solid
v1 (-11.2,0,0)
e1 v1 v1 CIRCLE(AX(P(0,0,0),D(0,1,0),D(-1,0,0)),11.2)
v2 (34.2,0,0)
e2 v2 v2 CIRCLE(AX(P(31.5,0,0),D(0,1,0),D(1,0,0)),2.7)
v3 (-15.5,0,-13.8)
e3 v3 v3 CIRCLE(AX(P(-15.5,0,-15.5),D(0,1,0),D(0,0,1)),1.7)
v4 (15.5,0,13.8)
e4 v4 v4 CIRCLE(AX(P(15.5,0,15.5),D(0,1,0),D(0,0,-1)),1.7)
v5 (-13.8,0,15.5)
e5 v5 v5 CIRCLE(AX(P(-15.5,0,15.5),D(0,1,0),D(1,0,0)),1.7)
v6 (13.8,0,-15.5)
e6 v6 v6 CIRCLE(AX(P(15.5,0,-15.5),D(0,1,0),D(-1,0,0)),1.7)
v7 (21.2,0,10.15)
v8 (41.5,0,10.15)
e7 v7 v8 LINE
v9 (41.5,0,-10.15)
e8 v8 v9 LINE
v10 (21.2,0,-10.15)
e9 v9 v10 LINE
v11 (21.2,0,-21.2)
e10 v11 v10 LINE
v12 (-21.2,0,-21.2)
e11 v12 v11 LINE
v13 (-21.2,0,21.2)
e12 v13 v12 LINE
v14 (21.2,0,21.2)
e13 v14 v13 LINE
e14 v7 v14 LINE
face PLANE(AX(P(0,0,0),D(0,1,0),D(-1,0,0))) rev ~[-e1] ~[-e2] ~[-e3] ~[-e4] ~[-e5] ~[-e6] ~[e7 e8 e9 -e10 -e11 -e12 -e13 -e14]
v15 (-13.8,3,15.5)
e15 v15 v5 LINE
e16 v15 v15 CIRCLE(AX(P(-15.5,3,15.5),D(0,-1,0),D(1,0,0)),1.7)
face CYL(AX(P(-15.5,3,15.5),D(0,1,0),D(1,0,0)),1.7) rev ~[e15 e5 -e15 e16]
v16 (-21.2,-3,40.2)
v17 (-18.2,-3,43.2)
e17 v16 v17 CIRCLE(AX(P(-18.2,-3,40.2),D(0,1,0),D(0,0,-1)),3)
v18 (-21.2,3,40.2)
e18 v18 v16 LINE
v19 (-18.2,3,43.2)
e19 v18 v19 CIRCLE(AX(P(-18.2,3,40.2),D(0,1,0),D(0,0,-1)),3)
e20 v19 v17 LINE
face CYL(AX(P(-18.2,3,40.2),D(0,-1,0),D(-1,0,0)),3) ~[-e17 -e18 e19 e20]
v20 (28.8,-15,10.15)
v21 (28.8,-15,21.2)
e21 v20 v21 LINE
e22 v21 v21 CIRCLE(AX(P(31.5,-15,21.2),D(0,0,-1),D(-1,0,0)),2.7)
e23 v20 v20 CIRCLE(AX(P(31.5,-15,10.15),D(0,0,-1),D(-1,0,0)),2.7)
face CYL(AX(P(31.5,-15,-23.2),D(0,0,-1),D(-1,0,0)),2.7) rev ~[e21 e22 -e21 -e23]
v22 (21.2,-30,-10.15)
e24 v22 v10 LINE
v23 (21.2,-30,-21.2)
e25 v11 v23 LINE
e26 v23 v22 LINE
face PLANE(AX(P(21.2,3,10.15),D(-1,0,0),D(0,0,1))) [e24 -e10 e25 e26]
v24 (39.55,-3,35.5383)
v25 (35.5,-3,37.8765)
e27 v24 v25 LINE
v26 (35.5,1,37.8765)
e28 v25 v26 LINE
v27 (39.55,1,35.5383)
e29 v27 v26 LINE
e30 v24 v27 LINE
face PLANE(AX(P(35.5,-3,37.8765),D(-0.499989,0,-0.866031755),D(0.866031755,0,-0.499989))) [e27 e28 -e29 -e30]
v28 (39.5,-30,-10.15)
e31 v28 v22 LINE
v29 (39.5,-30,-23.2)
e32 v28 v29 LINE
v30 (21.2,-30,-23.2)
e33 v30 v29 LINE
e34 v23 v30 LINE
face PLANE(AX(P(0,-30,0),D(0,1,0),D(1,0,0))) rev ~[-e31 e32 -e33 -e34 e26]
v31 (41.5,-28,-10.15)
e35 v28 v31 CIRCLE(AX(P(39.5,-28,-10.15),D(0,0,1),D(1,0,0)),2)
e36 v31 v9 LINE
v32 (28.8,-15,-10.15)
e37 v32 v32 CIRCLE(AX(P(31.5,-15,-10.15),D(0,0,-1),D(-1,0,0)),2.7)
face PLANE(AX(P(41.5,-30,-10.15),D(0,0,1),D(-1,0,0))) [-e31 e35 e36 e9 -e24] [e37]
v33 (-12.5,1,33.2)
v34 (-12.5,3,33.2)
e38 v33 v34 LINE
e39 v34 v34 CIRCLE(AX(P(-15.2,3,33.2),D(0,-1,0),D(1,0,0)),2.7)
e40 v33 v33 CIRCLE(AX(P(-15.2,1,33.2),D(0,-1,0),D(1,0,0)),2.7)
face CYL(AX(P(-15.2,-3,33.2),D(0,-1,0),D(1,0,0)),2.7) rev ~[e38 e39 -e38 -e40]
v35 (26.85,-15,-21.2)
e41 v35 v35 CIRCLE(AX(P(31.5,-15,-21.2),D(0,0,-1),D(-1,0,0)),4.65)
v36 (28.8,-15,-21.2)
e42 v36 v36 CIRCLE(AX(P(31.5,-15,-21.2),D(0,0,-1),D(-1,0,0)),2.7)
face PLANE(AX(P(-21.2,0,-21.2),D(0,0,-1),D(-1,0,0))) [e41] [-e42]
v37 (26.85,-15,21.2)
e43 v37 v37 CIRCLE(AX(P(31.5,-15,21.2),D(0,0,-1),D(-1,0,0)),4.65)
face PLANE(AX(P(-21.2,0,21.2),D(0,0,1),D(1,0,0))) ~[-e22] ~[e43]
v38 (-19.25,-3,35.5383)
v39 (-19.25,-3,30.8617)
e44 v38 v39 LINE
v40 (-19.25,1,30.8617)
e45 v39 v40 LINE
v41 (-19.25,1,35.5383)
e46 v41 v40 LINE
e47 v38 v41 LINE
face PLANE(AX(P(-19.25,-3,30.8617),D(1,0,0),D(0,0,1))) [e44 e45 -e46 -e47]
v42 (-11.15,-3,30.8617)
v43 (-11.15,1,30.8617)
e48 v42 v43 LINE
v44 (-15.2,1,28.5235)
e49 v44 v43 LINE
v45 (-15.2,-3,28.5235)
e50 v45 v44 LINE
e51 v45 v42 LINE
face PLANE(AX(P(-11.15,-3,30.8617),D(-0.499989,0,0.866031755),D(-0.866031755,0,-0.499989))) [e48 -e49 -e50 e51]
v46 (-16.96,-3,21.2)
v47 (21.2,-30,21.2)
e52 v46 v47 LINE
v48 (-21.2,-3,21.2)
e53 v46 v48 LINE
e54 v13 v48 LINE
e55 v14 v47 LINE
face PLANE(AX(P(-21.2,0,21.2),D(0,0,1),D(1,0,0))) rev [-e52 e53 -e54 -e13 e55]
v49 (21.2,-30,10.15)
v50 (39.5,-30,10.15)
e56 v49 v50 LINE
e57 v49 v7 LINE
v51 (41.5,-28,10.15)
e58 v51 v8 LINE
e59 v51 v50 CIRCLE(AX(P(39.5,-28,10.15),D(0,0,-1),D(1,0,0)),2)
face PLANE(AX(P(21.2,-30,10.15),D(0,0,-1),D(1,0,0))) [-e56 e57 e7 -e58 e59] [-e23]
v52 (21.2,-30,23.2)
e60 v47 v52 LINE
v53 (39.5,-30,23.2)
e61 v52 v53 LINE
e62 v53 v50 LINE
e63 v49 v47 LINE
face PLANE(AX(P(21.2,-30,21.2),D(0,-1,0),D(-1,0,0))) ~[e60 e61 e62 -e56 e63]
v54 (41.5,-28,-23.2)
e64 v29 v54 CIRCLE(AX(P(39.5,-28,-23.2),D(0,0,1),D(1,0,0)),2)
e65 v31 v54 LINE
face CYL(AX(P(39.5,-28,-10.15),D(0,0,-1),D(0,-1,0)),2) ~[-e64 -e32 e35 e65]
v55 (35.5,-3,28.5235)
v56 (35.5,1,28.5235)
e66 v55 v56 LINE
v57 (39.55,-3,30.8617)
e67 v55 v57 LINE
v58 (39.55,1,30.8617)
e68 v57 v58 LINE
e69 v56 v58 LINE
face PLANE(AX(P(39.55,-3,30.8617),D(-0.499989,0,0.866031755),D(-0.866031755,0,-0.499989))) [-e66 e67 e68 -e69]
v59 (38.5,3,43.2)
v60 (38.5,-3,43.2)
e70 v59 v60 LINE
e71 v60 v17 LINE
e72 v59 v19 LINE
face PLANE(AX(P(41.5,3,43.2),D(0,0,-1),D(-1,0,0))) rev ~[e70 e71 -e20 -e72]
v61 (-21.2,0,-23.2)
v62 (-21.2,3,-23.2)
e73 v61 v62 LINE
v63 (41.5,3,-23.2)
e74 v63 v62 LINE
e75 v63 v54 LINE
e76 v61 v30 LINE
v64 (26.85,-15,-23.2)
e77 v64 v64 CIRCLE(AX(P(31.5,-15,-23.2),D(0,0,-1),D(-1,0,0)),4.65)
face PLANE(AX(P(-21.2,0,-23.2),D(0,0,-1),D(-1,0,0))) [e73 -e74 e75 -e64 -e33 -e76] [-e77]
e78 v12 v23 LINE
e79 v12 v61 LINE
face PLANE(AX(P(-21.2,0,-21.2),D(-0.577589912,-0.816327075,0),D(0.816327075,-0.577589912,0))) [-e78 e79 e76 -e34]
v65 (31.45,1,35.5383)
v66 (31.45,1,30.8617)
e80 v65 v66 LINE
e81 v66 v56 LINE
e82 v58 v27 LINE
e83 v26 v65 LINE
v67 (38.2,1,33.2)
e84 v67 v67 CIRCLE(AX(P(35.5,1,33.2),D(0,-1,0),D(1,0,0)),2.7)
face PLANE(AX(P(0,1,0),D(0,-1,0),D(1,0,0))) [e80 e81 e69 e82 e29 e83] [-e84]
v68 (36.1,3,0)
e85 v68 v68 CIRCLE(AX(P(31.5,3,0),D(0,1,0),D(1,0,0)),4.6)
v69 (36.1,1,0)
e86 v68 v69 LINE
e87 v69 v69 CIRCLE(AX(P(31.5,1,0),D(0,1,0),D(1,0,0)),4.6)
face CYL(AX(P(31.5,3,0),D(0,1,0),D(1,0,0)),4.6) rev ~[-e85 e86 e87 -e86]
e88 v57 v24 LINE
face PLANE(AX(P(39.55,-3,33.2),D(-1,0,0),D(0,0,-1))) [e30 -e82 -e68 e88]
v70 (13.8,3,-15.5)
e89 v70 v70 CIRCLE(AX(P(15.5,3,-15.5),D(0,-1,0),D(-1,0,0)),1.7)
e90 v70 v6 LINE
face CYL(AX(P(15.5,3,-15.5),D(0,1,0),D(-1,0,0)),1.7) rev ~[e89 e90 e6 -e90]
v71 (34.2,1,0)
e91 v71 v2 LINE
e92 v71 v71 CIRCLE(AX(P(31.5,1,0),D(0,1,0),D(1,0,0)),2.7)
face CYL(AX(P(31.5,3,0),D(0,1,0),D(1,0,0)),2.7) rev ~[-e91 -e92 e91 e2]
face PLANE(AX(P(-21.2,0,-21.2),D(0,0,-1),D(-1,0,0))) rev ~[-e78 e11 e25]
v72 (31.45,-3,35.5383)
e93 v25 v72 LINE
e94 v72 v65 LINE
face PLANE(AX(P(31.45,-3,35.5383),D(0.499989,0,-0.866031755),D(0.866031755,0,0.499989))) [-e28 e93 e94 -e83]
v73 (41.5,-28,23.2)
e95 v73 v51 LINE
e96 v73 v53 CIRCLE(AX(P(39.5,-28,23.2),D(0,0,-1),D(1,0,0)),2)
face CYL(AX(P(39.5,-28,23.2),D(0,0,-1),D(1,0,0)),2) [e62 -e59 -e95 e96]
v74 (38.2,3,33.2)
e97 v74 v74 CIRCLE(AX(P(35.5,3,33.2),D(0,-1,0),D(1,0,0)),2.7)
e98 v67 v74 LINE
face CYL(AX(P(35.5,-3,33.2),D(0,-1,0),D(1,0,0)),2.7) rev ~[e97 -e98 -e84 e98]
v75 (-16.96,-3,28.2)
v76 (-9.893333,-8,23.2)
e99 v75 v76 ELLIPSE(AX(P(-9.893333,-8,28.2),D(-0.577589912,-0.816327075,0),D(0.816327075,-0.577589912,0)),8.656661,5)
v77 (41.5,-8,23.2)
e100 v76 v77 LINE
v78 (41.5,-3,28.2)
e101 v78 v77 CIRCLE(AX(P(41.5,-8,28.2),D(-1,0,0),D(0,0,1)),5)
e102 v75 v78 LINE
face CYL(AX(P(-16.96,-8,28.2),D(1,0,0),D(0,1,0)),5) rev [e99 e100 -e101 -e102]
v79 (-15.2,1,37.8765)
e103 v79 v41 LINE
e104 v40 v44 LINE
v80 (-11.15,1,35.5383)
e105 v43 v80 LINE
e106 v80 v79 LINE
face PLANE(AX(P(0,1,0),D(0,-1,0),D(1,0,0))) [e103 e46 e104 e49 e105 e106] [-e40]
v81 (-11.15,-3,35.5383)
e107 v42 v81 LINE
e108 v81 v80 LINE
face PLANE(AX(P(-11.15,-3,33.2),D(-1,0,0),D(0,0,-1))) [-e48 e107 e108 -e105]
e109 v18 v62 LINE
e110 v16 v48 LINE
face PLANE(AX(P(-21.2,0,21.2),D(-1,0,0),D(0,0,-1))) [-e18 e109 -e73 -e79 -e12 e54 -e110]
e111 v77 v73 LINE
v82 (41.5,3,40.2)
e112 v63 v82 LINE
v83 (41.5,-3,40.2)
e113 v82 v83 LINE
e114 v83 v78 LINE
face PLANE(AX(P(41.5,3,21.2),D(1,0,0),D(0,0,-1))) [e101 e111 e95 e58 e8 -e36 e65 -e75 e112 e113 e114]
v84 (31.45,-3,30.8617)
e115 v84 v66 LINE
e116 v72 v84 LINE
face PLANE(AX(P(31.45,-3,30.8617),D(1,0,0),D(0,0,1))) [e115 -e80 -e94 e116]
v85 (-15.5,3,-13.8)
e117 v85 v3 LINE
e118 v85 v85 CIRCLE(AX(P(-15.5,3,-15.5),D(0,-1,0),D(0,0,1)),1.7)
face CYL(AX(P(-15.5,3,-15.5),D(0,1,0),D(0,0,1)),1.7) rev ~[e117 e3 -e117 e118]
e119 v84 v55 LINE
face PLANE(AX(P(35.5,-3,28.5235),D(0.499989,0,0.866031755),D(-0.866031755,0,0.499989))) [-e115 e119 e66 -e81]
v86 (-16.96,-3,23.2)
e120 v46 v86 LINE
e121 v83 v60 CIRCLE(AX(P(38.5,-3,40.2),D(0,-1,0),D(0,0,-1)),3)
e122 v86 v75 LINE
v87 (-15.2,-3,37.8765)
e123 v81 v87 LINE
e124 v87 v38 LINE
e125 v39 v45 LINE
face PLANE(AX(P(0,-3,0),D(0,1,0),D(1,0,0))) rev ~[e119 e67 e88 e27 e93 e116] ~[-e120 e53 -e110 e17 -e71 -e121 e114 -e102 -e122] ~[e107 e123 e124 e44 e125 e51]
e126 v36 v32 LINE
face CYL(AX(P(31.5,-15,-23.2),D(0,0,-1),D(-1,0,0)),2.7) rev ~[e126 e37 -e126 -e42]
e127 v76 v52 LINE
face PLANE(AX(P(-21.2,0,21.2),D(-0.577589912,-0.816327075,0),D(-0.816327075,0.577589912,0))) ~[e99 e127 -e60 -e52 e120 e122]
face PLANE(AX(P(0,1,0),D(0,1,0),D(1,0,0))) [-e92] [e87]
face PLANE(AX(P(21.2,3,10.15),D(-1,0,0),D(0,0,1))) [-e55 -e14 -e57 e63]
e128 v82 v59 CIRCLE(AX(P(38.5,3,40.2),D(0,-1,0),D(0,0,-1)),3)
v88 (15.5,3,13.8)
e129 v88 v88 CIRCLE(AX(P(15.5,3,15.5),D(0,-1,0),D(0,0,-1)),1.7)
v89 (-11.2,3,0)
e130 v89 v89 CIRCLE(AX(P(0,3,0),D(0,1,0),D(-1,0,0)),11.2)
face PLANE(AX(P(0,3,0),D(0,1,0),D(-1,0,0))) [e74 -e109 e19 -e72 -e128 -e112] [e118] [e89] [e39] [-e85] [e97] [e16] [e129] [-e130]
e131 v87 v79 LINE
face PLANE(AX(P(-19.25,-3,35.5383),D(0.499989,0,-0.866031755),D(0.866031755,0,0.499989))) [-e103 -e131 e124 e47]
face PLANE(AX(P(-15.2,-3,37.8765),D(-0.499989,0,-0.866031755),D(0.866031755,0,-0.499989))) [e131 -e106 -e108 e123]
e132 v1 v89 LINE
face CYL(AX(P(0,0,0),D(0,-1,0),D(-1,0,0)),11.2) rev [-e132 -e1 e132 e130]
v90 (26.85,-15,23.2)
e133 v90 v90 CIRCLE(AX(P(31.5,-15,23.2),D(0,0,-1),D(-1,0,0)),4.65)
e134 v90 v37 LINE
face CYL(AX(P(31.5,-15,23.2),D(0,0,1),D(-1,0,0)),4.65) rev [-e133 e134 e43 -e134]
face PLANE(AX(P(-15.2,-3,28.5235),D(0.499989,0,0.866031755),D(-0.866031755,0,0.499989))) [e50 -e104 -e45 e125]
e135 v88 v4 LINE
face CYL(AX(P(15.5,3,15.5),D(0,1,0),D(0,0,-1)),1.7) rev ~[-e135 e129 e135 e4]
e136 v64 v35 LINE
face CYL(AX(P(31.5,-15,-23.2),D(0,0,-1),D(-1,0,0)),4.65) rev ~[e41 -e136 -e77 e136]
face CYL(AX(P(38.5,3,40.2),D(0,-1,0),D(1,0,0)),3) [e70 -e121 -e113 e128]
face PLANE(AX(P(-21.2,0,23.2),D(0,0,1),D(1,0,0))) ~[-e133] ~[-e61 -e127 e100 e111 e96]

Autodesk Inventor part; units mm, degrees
ref_plane "YZ Plane" through (0, 0, 0) normal (1, 0, 0) x (0, 1, 0)
ref_plane "XZ Plane" through (0, 0, 0) normal (0, 1, 0) x (-1, 0, 0)
ref_plane "XY Plane" through (0, 0, 0) normal (0, 0, 1) x (1, 0, 0)
sketch "Boceto1" plane through (0, 0, 0) normal (0, 1, 0) x (-1, 0, 0)
  line L0 (-21.2, 21.2) -> (21.2, 21.2)
  line L1 (21.2, 21.2) -> (21.2, -21.2)
  line L2 (21.2, -21.2) -> (-21.2, -21.2)
  line L3 (-21.2, -21.2) -> (-21.2, 21.2)
  line L4 (-21.2, 21.2) -> (21.2, -21.2) construction
  line L5 (21.2, 21.2) -> (-21.2, -21.2) construction
  circle A0 centre (0, 0) radius 11.2
  point P0 (0, 0)
  dimension "d0" = 42.4
  dimension "d1" = 42.4
  dimension "d2" = 22.4
extrude "Extrusión1" add sketch "Boceto1" along normal blind 3
sketch "Boceto2" plane through (0, 3, 0) normal (0, 1, 0) x (1, 0, 0)
  circle A0 centre (-15.5, -15.5) radius 1.7
  line L0 (15.5, -15.5) -> (-15.5, -15.5)
  line L1 (-15.5, -15.5) -> (-15.5, 15.5)
  line L2 (-15.5, 15.5) -> (15.5, 15.5)
  line L3 (15.5, 15.5) -> (15.5, -15.5)
  line L4 (15.5, -15.5) -> (-15.5, 15.5) construction
  line L5 (-15.5, -15.5) -> (15.5, 15.5) construction
  point P0 (0, 0)
  dimension "d5" = 31
  dimension "d6" = 31
  dimension "d7" = 3.4
extrude "Extrusión2" cut sketch "Boceto2" against normal through all contours L0 L1 A0 | A0 L1 L0
pattern_circular "Patrón circular1" count 4 over 360 about axis through (0, 0, 0) along (0, 1, 0) of "Extrusión2"
sketch "Boceto13" plane through (0, 3, 0) normal (0, 1, 0) x (1, 0, 0)
  line L0 (-21.2, -21.2) -> (21.2, -21.2) projected
  line L1 (21.2, -21.2) -> (41.5, -21.2)
  line L2 (41.5, -21.2) -> (41.5, 21.2)
  line L3 (41.5, 21.2) -> (21.2, 21.2)
  line L4 (21.2, 21.2) -> (21.2, -21.2)
  line L5 (21.2, 21.2) -> (-21.2, 21.2) projected
  line L6 (41.5, -10.15) -> (21.2, -10.15)
  line L7 (21.2, -10.15) -> (21.2, 10.15)
  line L8 (21.2, 10.15) -> (41.5, 10.15)
  line L9 (41.5, 10.15) -> (41.5, -10.15)
  line L10 (41.5, -10.15) -> (21.2, 10.15) construction
  line L11 (21.2, -10.15) -> (41.5, 10.15) construction
  circle A0 centre (31.5, 0) radius 2.7
  point P0 (0, 0)
  point P1 (31.35, 0)
  dimension "d43" = 20.3
  dimension "d44" = 20.3
  dimension "d45" = 20.3
  dimension "d61" = 5.4
  dimension "d62" = 10
extrude "Extrusión8" add sketch "Boceto13" against normal blind 33
sketch "Boceto14" plane through (0, -30, 0) normal (0, -1, 0) x (1, 0, 0)
  line L0 (21.2, 21.2) -> (21.2, -21.2) projected
  line L1 (41.5, -10.15) -> (21.2, -10.15)
  line L2 (21.2, -10.15) -> (21.2, 10.15)
  line L3 (21.2, 10.15) -> (41.5, 10.15)
  line L4 (41.5, 10.15) -> (41.5, -10.15)
  line L5 (41.5, -10.15) -> (21.2, 10.15) construction
  line L6 (21.2, -10.15) -> (41.5, 10.15) construction
  point P0 (0, 0)
  point P1 (31.35, 0)
  dimension "d49" = 20.3
extrude "Extrusión9" cut sketch "Boceto14" against normal up to surface (30 mm away)
sketch "Boceto15" plane through (-21.2, 0, -21.2) normal (0, 0, -1) x (-1, 0, 0)
  line L0 (-42.4, 0) -> (0, 0) projected
  line L1 (0, 0) -> (0, 3) projected
  line L2 (-62.7, 3) -> (0, 3) projected
  line L3 (-62.7, 3) -> (-62.7, -30) projected
  line L4 (-42.4, -30) -> (-62.7, -30) projected
  line L5 (-42.4, 0) -> (-42.4, -30) projected
  line L6 (0, 0) -> (0, 3) projected
  line L7 (-42.4, -30) -> (-62.7, -30) projected
  line L8 (0, 0) -> (-42.4, -30)
  point P0 (-21.2, 0)
extrude "Extrusión10" add sketch "Boceto15" along normal blind 2
mirror "Simetría1" about plane through (0, 0, 0) normal (0, 0, 1) of "Extrusión10"
sketch "Boceto16" plane through (-21.2, 0, -23.2) normal (0, 0, -1) x (-1, 0, 0)
  circle A0 centre (-52.7, -15) radius 2.7
  line L0 (-62.7, 3) -> (-62.7, -30) projected
  line L1 (-62.7, -30) -> (-42.4, -30) projected
  point P0 (-21.2, 0)
  dimension "d54" = 10
  dimension "d55" = 5.4
  dimension "d57" = 15
extrude "Extrusión11" cut sketch "Boceto16" against normal through all
fillet "Empalme1" radius 2 2 edges at (41.5, -30, -16.675) (41.5, -30, 16.675)
sketch "Boceto17" plane through (-21.2, 0, -23.2) normal (0, 0, -1) x (-1, 0, 0)
  circle A0 centre (-52.7, -15) radius 2.7 projected
  circle A1 centre (-52.7, -15) radius 4.65
  point P0 (-21.2, 0)
  dimension "d63" = 9.3
extrude "Extrusión12" cut sketch "Boceto17" against normal blind 2 contours A0 | A1
sketch "Boceto18" plane through (0, 3, 0) normal (0, 1, 0) x (1, 0, 0)
  circle A0 centre (31.5, 0) radius 2.7 projected
  circle A1 centre (31.5, 0) radius 4.6
  point P0 (0, 0)
  dimension "d66" = 9.2
extrude "Extrusión13" cut sketch "Boceto18" against normal blind 2 contours A0 | A1
mirror "Simetría2" about plane through (0, 0, 0) normal (0, 0, 1) of "Extrusión12"
sketch "Boceto19" plane through (0, 3, 0) normal (0, 1, 0) x (1, 0, 0)
  line L0 (21.2, -21.2) -> (-21.2, -21.2) projected
  line L1 (-21.2, 21.2) -> (-21.2, -21.2) projected
  line L2 (-21.2, -21.2) -> (41.5, -21.2)
  line L3 (41.5, -21.2) -> (41.5, -43.2)
  line L4 (41.5, -43.2) -> (-21.2, -43.2)
  line L5 (-21.2, -43.2) -> (-21.2, -21.2)
  line L6 (-21.2, -23.2) -> (41.5, -23.2) projected
  line L7 (41.5, -23.2) -> (41.5, 23.2) projected
  point P0 (0, 0)
  dimension "d69" = 20
extrude "Extrusión14" add sketch "Boceto19" against normal blind 6
sketch "Boceto20" plane through (0, -3, 0) normal (0, -1, 0) x (1, 0, 0)
  circle A0 centre (-15.2, 33.2) radius 2.7
  circle A1 centre (35.5, 33.2) radius 2.7
  line L0 (-21.2, 43.2) -> (-21.2, 21.2) projected
  line L1 (41.5, 23.2) -> (41.5, 43.2) projected
  line L2 (41.5, 43.2) -> (-21.2, 43.2) projected
  point P0 (0, 0)
  dimension "d72" = 5.4
  dimension "d73" = 6
  dimension "d74" = 6
  dimension "d75" = 10
  dimension "d76" = 10
extrude "Extrusión15" cut sketch "Boceto20" against normal through all
sketch "Boceto21" plane through (0, -3, 0) normal (0, -1, 0) x (1, 0, 0)
  circle A0 centre (-15.2, 33.2) radius 2.7 projected
  circle A1 centre (-15.2, 33.2) radius 4.05
  circle A2 centre (35.5, 33.2) radius 2.7 projected
  circle A3 centre (35.5, 33.2) radius 4.05
  line L0 (35.5, 37.8765) -> (39.55, 35.5383)
  line L1 (39.55, 35.5383) -> (39.55, 30.8617)
  line L2 (39.55, 30.8617) -> (35.5, 28.5235)
  line L3 (35.5, 28.5235) -> (31.45, 30.8617)
  line L4 (31.45, 30.8617) -> (31.45, 35.5383)
  line L5 (31.45, 35.5383) -> (35.5, 37.8765)
  line L6 (-15.2, 37.8765) -> (-11.15, 35.5383)
  line L7 (-11.15, 35.5383) -> (-11.15, 30.8617)
  line L8 (-11.15, 30.8617) -> (-15.2, 28.5235)
  line L9 (-15.2, 28.5235) -> (-19.25, 30.8617)
  line L10 (-19.25, 30.8617) -> (-19.25, 35.5383)
  line L11 (-19.25, 35.5383) -> (-15.2, 37.8765)
  point P0 (0, 0)
  dimension "d79" = 8.1
extrude "Extrusión16" cut sketch "Boceto21" against normal blind 4 contours A0 | A1 | L7 L8 A1 | A1 L6 L7 | A1 L11 L6 | L8 L9 A1 | A1 L10 L11 | L9 L10 A1 | A2 | A3 | L1 L2 A3 | A3 L0 L1 | A3 L5 L0 | L2 L3 A3 | A3 L4 L5 | L3 L4 A3
fillet "Empalme2" radius 3 2 edges at (-21.2, 0, 43.2) (41.5, 0, 43.2)
fillet "Empalme3" radius 5 1 edges at (12.27, -3, 23.2)
sketch "Boceto7" plane through (21.2, 0, -21.2) normal (0, 0, -1) x (-1, 0, 0)
  line L0 (42.4, 0) -> (42.4, 3) projected
  line L1 (42.4, 3) -> (-20.3, 3)
  line L2 (-20.3, 3) -> (-20.3, -27)
  line L3 (-20.3, -27) -> (42.4, -27)
  line L4 (42.4, -27) -> (42.4, 3)
  line L5 (0, 0) -> (0, 3) projected
  point P0 (21.2, 0)
  point P1 (35.6, 0)
  dimension "d23" = 20.3
  dimension "d24" = 30
sketch "Boceto8" plane through (0, 3, 0) normal (0, 1, 0) x (1, 0, 0)
  line L0 (17.8, 17.8) -> (-17.8, 17.8) projected
  line L1 (17.8, -17.8) -> (16.8, -17.8)
  line L2 (16.8, -17.8) -> (16.8, 17.8)
  line L3 (16.8, 17.8) -> (17.8, 17.8)
  line L4 (17.8, 17.8) -> (17.8, -17.8)
  point P0 (0, 0)
  dimension "d27" = 1
sketch "Boceto9" plane through (17.8, 0, -21.8) normal (0, 0, -1) x (-1, 0, 0)
  circle A0 centre (-10.3, -4.5) radius 2.7
  circle A1 centre (-10.3, -19.5) radius 2.7
  line L0 (-20.3, 3) -> (-20.3, -27) projected
  line L1 (35.6, 3) -> (-20.3, 3) projected
  line L2 (-20.3, -27) -> (35.6, -27) projected
  point P0 (17.8, 0)
  dimension "d30" = 5.4
  dimension "d31" = 10
  dimension "d32" = 7.5
  dimension "d33" = 7.5
  dimension "d41" = 80
  dimension "d42" = 20.3
sketch "Boceto10" plane through (17.8, 0, -17.8) normal (0, 0, 1) x (1, 0, 0)
  line L0 (20.3, 3) -> (20.3, -27) projected
  line L1 (-1, 3) -> (20.3, 3) projected
  line L2 (20.3, -27) -> (0.3, -27)
  line L3 (0.3, -27) -> (0.3, 3)
  line L4 (0.3, 3) -> (20.3, 3)
  line L5 (20.3, 3) -> (20.3, -27)
  circle A0 centre (10.3, -4.5) radius 2.7 projected
  circle A1 centre (10.3, -19.5) radius 2.7 projected
  line L6 (-1, 0) -> (-35.6, 0) projected
  line L7 (-35.6, -27) -> (-35.6, 0) projected
  line L8 (20.3, -27) -> (-35.6, -27) projected
  line L9 (20.3, 3) -> (20.3, -27) projected
  line L10 (-1, 3) -> (20.3, 3) projected
  line L11 (-1, 3) -> (-1, 0) projected
  point P0 (-17.8, 0)
  dimension "d36" = 20
sketch "Boceto3" plane through (-21.2, 0, 21.2) normal (0, 0, 1) x (1, 0, 0)
  line L0 (0, 0) -> (0, 3) projected
  line L1 (0, 3) -> (62.7, 3)
  line L2 (62.7, 3) -> (62.7, -30)
  line L3 (62.7, -30) -> (0, -30)
  line L4 (0, -30) -> (0, 3)
  line L5 (42.4, 0) -> (42.4, 3) projected
  line L6 (0, 0) -> (42.4, 0) projected
  point P0 (21.2, 0)
  dimension "d13" = 20.3
  dimension "d14" = 30
  dimension "d17" = 5.4
  dimension "d18" = 10
  dimension "d19" = 7.5
  dimension "d20" = 7.5
  dimension "d21" = 20.3
  dimension "d22" = 20.3
properties part number "NEMA14 support"
